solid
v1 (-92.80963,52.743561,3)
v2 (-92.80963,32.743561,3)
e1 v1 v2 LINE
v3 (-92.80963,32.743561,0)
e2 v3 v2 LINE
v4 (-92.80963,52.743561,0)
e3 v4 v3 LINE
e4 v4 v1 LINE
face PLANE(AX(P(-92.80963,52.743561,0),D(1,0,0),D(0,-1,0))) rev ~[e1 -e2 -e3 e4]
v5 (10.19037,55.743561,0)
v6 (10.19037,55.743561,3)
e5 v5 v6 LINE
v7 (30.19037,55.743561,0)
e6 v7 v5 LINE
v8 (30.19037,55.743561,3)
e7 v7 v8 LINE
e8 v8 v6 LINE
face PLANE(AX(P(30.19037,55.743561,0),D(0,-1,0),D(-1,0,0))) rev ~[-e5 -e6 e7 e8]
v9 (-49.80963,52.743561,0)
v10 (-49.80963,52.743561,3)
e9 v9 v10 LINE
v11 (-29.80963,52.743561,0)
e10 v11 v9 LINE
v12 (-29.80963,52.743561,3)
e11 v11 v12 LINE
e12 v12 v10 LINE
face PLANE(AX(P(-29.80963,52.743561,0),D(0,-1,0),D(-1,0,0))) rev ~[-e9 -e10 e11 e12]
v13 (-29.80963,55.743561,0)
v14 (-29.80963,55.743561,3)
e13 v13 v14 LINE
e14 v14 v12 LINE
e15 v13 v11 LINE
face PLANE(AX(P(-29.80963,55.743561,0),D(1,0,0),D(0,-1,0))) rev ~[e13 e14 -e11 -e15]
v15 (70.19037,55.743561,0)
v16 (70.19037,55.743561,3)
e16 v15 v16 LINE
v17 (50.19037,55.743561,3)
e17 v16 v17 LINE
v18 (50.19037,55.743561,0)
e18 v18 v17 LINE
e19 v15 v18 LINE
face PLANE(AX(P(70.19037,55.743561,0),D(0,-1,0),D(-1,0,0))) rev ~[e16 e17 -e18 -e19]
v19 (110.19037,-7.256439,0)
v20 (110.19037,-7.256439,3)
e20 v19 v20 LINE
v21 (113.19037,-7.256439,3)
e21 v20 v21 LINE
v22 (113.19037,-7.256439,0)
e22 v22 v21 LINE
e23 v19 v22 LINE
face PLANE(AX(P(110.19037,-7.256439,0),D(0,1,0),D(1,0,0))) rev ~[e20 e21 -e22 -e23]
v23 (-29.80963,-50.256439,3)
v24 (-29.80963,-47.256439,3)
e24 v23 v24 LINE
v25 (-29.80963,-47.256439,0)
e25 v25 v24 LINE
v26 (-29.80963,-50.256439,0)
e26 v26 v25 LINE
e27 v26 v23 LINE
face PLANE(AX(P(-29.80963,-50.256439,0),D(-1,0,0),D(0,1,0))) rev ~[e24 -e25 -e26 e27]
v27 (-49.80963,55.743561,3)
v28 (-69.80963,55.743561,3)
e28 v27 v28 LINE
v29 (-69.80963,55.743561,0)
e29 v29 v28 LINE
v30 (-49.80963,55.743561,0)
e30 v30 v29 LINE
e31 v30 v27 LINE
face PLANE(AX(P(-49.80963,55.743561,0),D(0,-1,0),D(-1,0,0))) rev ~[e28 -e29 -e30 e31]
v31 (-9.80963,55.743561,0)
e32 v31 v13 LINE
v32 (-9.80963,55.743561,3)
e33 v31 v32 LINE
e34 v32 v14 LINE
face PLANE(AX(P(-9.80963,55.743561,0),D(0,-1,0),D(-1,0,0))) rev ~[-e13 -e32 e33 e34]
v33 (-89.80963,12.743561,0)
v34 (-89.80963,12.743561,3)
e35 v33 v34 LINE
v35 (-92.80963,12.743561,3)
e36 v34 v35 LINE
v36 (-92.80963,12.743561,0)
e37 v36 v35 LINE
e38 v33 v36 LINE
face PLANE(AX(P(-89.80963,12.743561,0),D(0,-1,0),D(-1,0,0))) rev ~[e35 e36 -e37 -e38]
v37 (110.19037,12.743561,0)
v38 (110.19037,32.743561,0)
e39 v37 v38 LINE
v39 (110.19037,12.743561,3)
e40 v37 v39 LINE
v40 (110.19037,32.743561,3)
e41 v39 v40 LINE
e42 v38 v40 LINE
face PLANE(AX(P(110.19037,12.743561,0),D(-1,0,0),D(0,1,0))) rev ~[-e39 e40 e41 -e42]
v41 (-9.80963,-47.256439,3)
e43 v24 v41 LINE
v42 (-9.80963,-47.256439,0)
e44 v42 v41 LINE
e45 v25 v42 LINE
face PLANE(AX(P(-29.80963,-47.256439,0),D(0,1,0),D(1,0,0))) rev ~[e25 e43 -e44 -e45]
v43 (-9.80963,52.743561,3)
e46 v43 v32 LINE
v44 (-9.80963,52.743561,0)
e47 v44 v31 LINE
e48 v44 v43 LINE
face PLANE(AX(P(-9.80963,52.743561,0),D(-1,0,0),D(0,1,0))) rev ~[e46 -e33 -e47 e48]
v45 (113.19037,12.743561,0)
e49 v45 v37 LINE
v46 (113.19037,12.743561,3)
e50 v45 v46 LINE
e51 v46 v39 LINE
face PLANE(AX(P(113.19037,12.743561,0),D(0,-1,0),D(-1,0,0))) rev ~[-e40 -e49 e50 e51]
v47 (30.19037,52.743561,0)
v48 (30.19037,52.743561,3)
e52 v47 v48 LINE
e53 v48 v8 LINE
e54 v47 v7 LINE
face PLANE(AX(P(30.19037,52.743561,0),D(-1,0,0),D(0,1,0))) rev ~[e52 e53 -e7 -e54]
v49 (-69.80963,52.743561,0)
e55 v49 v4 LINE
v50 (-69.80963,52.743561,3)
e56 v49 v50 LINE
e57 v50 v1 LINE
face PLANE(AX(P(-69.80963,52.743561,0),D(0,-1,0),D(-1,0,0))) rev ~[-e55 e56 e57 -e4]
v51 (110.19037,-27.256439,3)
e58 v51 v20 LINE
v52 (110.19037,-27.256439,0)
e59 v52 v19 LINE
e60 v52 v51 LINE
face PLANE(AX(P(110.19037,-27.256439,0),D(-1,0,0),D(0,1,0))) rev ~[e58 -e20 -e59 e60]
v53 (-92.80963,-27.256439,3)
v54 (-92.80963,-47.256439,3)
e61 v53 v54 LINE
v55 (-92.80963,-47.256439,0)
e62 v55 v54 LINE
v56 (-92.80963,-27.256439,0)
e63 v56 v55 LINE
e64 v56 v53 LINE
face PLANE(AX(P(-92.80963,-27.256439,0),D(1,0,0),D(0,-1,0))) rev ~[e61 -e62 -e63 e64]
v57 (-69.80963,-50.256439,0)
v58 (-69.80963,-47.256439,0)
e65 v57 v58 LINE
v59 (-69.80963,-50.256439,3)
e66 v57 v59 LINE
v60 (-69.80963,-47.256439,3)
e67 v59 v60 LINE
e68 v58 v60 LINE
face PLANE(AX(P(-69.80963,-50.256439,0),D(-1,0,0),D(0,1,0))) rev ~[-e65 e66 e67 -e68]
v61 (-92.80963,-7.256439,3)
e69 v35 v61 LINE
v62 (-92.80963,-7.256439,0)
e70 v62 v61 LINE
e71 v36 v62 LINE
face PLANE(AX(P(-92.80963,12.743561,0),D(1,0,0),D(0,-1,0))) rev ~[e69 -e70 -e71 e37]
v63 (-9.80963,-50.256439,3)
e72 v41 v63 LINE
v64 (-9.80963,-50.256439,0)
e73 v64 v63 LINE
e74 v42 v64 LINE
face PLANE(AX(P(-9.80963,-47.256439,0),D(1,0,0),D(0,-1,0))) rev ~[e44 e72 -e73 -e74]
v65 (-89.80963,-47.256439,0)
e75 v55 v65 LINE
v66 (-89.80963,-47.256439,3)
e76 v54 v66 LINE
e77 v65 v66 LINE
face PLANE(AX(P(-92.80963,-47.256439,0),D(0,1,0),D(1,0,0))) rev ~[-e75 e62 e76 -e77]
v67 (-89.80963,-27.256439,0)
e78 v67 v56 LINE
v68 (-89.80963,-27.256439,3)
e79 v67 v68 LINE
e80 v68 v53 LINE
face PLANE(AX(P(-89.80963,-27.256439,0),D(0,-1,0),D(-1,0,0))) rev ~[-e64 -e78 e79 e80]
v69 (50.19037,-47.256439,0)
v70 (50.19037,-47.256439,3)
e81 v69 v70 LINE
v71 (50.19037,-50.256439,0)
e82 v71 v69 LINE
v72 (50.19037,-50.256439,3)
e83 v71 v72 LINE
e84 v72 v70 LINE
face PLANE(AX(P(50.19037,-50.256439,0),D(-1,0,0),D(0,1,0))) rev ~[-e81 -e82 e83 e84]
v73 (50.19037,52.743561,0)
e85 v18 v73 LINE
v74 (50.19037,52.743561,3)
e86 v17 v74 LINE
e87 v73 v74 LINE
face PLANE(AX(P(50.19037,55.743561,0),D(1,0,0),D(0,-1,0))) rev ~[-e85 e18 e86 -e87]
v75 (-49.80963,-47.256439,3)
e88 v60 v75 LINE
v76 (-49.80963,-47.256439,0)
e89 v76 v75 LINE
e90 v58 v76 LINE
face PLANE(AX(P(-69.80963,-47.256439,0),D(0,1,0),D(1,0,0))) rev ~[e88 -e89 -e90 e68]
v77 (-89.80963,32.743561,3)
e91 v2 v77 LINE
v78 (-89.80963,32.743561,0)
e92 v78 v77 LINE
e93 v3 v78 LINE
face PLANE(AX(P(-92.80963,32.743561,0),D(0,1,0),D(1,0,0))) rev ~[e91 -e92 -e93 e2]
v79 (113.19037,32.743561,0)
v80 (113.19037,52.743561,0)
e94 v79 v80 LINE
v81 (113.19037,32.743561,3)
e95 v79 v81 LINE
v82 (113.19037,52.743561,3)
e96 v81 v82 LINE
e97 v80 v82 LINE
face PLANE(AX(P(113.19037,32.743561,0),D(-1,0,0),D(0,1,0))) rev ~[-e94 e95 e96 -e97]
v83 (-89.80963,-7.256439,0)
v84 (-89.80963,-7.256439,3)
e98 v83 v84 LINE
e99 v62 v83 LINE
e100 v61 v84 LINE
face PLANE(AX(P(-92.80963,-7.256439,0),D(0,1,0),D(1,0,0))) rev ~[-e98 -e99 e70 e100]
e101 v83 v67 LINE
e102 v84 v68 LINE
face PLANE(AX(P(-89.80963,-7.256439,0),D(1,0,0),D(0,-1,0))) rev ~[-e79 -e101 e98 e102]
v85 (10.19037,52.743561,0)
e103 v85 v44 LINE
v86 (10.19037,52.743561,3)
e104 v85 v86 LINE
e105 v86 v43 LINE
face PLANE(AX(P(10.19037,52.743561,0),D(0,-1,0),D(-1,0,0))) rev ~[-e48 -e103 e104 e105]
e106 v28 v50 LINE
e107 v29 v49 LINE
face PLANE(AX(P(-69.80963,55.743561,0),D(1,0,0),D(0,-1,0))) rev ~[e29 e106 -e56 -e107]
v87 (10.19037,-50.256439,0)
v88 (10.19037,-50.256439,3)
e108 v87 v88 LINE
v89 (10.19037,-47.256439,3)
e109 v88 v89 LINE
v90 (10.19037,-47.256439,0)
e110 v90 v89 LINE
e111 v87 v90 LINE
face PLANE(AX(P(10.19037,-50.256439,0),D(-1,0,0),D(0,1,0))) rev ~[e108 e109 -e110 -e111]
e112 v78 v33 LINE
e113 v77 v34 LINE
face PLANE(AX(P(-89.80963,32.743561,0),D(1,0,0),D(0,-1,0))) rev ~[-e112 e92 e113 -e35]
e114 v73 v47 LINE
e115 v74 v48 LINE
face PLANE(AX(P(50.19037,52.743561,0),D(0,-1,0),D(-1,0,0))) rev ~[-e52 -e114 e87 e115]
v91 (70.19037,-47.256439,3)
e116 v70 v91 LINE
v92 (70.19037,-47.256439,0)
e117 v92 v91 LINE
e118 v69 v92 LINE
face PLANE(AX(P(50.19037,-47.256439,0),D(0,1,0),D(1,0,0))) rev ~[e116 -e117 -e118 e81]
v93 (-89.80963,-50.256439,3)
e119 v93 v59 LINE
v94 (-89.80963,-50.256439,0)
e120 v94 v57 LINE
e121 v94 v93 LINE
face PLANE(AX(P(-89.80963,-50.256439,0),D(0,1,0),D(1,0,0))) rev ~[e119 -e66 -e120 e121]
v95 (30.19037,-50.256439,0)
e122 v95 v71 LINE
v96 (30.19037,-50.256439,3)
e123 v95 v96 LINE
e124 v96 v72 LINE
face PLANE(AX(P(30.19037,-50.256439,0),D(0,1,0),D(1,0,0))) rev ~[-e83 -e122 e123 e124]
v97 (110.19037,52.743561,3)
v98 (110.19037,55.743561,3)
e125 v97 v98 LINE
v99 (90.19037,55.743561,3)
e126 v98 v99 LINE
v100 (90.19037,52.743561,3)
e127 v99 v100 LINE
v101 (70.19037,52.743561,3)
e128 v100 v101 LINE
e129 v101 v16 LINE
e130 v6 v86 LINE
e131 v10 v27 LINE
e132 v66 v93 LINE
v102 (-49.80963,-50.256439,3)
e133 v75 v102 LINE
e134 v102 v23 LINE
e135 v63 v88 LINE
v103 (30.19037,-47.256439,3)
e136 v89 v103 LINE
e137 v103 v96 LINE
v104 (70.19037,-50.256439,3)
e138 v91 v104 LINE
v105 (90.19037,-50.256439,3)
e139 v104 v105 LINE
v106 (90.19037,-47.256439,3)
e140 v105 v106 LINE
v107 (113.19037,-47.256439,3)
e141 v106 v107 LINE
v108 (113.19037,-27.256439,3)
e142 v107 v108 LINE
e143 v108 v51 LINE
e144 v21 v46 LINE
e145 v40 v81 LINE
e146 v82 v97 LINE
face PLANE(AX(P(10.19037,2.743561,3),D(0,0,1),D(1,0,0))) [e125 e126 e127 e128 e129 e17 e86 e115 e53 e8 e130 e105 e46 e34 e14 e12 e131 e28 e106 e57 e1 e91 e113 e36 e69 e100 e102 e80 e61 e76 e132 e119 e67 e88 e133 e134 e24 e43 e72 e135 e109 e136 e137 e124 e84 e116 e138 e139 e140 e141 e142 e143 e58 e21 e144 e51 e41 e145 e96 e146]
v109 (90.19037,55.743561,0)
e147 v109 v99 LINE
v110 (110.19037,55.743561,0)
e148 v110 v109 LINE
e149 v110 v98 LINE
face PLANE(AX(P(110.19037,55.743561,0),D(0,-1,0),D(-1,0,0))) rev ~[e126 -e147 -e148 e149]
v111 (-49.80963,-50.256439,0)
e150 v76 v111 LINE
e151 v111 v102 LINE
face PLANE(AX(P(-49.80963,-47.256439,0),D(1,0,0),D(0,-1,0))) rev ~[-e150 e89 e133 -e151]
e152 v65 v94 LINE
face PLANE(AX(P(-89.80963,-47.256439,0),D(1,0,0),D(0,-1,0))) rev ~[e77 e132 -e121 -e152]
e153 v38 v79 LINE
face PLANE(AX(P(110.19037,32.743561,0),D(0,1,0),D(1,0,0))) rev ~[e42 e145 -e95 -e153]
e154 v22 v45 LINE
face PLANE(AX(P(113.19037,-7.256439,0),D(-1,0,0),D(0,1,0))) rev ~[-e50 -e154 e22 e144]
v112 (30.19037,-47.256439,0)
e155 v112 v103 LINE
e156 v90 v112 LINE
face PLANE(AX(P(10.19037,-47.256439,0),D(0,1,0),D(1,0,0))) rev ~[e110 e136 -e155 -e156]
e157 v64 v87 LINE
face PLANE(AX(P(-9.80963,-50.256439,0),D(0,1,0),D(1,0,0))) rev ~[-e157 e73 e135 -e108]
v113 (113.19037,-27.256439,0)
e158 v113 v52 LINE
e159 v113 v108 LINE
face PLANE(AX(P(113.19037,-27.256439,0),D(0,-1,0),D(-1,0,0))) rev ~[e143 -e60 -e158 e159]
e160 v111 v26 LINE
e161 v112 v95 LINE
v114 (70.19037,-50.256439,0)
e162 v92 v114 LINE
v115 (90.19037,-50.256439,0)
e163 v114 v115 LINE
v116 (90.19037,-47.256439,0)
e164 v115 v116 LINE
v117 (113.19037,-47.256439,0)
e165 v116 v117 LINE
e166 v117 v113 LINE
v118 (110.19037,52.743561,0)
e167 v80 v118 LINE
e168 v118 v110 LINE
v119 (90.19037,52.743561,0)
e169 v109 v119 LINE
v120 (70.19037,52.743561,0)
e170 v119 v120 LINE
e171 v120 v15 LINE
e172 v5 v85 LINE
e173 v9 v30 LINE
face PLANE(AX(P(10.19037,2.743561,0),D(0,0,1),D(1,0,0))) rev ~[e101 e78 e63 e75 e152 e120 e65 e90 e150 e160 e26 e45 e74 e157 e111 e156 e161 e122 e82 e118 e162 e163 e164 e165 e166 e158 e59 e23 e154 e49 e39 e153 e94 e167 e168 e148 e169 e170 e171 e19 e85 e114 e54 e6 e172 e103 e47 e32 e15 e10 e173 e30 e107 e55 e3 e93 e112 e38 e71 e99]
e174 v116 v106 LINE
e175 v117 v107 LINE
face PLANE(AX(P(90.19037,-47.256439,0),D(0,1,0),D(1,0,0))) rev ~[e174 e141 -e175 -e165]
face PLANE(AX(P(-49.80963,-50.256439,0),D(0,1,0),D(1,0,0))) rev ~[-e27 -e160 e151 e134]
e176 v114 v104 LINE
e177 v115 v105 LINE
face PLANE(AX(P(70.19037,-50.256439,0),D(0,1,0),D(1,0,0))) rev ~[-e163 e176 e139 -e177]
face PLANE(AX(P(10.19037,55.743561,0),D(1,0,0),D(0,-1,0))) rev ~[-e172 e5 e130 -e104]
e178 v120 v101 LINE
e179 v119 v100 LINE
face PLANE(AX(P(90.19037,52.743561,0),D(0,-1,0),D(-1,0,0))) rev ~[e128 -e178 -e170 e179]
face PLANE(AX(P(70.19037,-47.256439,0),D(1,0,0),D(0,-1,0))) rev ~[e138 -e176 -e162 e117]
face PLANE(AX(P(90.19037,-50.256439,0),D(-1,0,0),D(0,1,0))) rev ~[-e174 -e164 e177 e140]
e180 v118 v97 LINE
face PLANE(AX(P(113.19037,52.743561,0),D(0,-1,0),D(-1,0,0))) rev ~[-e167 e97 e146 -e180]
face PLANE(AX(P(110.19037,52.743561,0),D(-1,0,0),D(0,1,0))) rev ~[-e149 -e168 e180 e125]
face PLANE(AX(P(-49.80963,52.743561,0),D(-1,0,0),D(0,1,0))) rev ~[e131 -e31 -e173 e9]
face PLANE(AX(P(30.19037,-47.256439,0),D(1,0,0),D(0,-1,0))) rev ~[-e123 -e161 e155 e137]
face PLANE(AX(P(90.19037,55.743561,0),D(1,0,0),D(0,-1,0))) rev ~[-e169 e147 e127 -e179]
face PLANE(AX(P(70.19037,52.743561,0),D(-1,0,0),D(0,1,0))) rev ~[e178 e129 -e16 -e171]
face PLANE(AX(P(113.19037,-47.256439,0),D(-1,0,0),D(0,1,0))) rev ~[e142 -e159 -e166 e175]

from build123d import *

# Parameters (mm, degrees)
BOSS_EXTRUDE1_DEPTH = 3


with BuildPart() as part:
    # Sketch1 → Boss-Extrude1 (new body)
    with BuildSketch(Plane.XY):
        Polygon((70.190369541, 52.74356103), (70.190369541, 55.74356103), (50.190369541, 55.74356103), (50.190369541, 52.74356103), (30.190369541, 52.74356103), (30.190369541, 55.74356103), (10.190369541, 55.74356103), (10.190369541, 52.74356103), (-9.809630459, 52.74356103), (-9.809630459, 55.74356103), (-29.809630459, 55.74356103), (-29.809630459, 52.74356103), (-49.809630459, 52.74356103), (-49.809630459, 55.74356103), (-69.809630459, 55.74356103), (-69.809630459, 52.74356103), (-89.809630459, 52.74356103), (-92.809630459, 52.74356103), (-92.809630459, 32.74356103), (-89.809630459, 32.74356103), (-89.809630459, 12.74356103), (-92.809630459, 12.74356103), (-92.809630459, -7.25643897), (-89.809630459, -7.25643897), (-89.809630459, -27.25643897), (-92.809630459, -27.25643897), (-92.809630459, -47.25643897), (-89.809630459, -47.25643897), (-89.809630459, -50.25643897), (-69.809630459, -50.25643897), (-69.809630459, -47.25643897), (-49.809630459, -47.25643897), (-49.809630459, -50.25643897), (-29.809630459, -50.25643897), (-29.809630459, -47.25643897), (-9.809630459, -47.25643897), (-9.809630459, -50.25643897), (10.190369541, -50.25643897), (10.190369541, -47.25643897), (30.190369541, -47.25643897), (30.190369541, -50.25643897), (50.190369541, -50.25643897), (50.190369541, -47.25643897), (70.190369541, -47.25643897), (70.190369541, -50.25643897), (90.190369541, -50.25643897), (90.190369541, -47.25643897), (110.190369541, -47.25643897), (113.190369541, -47.25643897), (113.190369541, -27.25643897), (110.190369541, -27.25643897), (110.190369541, -7.25643897), (113.190369541, -7.25643897), (113.190369541, 12.74356103), (110.190369541, 12.74356103), (110.190369541, 32.74356103), (113.190369541, 32.74356103), (113.190369541, 52.74356103), (110.190369541, 52.74356103), (110.190369541, 55.74356103), (90.190369541, 55.74356103), (90.190369541, 52.74356103), align=None)
    extrude(amount=BOSS_EXTRUDE1_DEPTH)


solid = part.part
